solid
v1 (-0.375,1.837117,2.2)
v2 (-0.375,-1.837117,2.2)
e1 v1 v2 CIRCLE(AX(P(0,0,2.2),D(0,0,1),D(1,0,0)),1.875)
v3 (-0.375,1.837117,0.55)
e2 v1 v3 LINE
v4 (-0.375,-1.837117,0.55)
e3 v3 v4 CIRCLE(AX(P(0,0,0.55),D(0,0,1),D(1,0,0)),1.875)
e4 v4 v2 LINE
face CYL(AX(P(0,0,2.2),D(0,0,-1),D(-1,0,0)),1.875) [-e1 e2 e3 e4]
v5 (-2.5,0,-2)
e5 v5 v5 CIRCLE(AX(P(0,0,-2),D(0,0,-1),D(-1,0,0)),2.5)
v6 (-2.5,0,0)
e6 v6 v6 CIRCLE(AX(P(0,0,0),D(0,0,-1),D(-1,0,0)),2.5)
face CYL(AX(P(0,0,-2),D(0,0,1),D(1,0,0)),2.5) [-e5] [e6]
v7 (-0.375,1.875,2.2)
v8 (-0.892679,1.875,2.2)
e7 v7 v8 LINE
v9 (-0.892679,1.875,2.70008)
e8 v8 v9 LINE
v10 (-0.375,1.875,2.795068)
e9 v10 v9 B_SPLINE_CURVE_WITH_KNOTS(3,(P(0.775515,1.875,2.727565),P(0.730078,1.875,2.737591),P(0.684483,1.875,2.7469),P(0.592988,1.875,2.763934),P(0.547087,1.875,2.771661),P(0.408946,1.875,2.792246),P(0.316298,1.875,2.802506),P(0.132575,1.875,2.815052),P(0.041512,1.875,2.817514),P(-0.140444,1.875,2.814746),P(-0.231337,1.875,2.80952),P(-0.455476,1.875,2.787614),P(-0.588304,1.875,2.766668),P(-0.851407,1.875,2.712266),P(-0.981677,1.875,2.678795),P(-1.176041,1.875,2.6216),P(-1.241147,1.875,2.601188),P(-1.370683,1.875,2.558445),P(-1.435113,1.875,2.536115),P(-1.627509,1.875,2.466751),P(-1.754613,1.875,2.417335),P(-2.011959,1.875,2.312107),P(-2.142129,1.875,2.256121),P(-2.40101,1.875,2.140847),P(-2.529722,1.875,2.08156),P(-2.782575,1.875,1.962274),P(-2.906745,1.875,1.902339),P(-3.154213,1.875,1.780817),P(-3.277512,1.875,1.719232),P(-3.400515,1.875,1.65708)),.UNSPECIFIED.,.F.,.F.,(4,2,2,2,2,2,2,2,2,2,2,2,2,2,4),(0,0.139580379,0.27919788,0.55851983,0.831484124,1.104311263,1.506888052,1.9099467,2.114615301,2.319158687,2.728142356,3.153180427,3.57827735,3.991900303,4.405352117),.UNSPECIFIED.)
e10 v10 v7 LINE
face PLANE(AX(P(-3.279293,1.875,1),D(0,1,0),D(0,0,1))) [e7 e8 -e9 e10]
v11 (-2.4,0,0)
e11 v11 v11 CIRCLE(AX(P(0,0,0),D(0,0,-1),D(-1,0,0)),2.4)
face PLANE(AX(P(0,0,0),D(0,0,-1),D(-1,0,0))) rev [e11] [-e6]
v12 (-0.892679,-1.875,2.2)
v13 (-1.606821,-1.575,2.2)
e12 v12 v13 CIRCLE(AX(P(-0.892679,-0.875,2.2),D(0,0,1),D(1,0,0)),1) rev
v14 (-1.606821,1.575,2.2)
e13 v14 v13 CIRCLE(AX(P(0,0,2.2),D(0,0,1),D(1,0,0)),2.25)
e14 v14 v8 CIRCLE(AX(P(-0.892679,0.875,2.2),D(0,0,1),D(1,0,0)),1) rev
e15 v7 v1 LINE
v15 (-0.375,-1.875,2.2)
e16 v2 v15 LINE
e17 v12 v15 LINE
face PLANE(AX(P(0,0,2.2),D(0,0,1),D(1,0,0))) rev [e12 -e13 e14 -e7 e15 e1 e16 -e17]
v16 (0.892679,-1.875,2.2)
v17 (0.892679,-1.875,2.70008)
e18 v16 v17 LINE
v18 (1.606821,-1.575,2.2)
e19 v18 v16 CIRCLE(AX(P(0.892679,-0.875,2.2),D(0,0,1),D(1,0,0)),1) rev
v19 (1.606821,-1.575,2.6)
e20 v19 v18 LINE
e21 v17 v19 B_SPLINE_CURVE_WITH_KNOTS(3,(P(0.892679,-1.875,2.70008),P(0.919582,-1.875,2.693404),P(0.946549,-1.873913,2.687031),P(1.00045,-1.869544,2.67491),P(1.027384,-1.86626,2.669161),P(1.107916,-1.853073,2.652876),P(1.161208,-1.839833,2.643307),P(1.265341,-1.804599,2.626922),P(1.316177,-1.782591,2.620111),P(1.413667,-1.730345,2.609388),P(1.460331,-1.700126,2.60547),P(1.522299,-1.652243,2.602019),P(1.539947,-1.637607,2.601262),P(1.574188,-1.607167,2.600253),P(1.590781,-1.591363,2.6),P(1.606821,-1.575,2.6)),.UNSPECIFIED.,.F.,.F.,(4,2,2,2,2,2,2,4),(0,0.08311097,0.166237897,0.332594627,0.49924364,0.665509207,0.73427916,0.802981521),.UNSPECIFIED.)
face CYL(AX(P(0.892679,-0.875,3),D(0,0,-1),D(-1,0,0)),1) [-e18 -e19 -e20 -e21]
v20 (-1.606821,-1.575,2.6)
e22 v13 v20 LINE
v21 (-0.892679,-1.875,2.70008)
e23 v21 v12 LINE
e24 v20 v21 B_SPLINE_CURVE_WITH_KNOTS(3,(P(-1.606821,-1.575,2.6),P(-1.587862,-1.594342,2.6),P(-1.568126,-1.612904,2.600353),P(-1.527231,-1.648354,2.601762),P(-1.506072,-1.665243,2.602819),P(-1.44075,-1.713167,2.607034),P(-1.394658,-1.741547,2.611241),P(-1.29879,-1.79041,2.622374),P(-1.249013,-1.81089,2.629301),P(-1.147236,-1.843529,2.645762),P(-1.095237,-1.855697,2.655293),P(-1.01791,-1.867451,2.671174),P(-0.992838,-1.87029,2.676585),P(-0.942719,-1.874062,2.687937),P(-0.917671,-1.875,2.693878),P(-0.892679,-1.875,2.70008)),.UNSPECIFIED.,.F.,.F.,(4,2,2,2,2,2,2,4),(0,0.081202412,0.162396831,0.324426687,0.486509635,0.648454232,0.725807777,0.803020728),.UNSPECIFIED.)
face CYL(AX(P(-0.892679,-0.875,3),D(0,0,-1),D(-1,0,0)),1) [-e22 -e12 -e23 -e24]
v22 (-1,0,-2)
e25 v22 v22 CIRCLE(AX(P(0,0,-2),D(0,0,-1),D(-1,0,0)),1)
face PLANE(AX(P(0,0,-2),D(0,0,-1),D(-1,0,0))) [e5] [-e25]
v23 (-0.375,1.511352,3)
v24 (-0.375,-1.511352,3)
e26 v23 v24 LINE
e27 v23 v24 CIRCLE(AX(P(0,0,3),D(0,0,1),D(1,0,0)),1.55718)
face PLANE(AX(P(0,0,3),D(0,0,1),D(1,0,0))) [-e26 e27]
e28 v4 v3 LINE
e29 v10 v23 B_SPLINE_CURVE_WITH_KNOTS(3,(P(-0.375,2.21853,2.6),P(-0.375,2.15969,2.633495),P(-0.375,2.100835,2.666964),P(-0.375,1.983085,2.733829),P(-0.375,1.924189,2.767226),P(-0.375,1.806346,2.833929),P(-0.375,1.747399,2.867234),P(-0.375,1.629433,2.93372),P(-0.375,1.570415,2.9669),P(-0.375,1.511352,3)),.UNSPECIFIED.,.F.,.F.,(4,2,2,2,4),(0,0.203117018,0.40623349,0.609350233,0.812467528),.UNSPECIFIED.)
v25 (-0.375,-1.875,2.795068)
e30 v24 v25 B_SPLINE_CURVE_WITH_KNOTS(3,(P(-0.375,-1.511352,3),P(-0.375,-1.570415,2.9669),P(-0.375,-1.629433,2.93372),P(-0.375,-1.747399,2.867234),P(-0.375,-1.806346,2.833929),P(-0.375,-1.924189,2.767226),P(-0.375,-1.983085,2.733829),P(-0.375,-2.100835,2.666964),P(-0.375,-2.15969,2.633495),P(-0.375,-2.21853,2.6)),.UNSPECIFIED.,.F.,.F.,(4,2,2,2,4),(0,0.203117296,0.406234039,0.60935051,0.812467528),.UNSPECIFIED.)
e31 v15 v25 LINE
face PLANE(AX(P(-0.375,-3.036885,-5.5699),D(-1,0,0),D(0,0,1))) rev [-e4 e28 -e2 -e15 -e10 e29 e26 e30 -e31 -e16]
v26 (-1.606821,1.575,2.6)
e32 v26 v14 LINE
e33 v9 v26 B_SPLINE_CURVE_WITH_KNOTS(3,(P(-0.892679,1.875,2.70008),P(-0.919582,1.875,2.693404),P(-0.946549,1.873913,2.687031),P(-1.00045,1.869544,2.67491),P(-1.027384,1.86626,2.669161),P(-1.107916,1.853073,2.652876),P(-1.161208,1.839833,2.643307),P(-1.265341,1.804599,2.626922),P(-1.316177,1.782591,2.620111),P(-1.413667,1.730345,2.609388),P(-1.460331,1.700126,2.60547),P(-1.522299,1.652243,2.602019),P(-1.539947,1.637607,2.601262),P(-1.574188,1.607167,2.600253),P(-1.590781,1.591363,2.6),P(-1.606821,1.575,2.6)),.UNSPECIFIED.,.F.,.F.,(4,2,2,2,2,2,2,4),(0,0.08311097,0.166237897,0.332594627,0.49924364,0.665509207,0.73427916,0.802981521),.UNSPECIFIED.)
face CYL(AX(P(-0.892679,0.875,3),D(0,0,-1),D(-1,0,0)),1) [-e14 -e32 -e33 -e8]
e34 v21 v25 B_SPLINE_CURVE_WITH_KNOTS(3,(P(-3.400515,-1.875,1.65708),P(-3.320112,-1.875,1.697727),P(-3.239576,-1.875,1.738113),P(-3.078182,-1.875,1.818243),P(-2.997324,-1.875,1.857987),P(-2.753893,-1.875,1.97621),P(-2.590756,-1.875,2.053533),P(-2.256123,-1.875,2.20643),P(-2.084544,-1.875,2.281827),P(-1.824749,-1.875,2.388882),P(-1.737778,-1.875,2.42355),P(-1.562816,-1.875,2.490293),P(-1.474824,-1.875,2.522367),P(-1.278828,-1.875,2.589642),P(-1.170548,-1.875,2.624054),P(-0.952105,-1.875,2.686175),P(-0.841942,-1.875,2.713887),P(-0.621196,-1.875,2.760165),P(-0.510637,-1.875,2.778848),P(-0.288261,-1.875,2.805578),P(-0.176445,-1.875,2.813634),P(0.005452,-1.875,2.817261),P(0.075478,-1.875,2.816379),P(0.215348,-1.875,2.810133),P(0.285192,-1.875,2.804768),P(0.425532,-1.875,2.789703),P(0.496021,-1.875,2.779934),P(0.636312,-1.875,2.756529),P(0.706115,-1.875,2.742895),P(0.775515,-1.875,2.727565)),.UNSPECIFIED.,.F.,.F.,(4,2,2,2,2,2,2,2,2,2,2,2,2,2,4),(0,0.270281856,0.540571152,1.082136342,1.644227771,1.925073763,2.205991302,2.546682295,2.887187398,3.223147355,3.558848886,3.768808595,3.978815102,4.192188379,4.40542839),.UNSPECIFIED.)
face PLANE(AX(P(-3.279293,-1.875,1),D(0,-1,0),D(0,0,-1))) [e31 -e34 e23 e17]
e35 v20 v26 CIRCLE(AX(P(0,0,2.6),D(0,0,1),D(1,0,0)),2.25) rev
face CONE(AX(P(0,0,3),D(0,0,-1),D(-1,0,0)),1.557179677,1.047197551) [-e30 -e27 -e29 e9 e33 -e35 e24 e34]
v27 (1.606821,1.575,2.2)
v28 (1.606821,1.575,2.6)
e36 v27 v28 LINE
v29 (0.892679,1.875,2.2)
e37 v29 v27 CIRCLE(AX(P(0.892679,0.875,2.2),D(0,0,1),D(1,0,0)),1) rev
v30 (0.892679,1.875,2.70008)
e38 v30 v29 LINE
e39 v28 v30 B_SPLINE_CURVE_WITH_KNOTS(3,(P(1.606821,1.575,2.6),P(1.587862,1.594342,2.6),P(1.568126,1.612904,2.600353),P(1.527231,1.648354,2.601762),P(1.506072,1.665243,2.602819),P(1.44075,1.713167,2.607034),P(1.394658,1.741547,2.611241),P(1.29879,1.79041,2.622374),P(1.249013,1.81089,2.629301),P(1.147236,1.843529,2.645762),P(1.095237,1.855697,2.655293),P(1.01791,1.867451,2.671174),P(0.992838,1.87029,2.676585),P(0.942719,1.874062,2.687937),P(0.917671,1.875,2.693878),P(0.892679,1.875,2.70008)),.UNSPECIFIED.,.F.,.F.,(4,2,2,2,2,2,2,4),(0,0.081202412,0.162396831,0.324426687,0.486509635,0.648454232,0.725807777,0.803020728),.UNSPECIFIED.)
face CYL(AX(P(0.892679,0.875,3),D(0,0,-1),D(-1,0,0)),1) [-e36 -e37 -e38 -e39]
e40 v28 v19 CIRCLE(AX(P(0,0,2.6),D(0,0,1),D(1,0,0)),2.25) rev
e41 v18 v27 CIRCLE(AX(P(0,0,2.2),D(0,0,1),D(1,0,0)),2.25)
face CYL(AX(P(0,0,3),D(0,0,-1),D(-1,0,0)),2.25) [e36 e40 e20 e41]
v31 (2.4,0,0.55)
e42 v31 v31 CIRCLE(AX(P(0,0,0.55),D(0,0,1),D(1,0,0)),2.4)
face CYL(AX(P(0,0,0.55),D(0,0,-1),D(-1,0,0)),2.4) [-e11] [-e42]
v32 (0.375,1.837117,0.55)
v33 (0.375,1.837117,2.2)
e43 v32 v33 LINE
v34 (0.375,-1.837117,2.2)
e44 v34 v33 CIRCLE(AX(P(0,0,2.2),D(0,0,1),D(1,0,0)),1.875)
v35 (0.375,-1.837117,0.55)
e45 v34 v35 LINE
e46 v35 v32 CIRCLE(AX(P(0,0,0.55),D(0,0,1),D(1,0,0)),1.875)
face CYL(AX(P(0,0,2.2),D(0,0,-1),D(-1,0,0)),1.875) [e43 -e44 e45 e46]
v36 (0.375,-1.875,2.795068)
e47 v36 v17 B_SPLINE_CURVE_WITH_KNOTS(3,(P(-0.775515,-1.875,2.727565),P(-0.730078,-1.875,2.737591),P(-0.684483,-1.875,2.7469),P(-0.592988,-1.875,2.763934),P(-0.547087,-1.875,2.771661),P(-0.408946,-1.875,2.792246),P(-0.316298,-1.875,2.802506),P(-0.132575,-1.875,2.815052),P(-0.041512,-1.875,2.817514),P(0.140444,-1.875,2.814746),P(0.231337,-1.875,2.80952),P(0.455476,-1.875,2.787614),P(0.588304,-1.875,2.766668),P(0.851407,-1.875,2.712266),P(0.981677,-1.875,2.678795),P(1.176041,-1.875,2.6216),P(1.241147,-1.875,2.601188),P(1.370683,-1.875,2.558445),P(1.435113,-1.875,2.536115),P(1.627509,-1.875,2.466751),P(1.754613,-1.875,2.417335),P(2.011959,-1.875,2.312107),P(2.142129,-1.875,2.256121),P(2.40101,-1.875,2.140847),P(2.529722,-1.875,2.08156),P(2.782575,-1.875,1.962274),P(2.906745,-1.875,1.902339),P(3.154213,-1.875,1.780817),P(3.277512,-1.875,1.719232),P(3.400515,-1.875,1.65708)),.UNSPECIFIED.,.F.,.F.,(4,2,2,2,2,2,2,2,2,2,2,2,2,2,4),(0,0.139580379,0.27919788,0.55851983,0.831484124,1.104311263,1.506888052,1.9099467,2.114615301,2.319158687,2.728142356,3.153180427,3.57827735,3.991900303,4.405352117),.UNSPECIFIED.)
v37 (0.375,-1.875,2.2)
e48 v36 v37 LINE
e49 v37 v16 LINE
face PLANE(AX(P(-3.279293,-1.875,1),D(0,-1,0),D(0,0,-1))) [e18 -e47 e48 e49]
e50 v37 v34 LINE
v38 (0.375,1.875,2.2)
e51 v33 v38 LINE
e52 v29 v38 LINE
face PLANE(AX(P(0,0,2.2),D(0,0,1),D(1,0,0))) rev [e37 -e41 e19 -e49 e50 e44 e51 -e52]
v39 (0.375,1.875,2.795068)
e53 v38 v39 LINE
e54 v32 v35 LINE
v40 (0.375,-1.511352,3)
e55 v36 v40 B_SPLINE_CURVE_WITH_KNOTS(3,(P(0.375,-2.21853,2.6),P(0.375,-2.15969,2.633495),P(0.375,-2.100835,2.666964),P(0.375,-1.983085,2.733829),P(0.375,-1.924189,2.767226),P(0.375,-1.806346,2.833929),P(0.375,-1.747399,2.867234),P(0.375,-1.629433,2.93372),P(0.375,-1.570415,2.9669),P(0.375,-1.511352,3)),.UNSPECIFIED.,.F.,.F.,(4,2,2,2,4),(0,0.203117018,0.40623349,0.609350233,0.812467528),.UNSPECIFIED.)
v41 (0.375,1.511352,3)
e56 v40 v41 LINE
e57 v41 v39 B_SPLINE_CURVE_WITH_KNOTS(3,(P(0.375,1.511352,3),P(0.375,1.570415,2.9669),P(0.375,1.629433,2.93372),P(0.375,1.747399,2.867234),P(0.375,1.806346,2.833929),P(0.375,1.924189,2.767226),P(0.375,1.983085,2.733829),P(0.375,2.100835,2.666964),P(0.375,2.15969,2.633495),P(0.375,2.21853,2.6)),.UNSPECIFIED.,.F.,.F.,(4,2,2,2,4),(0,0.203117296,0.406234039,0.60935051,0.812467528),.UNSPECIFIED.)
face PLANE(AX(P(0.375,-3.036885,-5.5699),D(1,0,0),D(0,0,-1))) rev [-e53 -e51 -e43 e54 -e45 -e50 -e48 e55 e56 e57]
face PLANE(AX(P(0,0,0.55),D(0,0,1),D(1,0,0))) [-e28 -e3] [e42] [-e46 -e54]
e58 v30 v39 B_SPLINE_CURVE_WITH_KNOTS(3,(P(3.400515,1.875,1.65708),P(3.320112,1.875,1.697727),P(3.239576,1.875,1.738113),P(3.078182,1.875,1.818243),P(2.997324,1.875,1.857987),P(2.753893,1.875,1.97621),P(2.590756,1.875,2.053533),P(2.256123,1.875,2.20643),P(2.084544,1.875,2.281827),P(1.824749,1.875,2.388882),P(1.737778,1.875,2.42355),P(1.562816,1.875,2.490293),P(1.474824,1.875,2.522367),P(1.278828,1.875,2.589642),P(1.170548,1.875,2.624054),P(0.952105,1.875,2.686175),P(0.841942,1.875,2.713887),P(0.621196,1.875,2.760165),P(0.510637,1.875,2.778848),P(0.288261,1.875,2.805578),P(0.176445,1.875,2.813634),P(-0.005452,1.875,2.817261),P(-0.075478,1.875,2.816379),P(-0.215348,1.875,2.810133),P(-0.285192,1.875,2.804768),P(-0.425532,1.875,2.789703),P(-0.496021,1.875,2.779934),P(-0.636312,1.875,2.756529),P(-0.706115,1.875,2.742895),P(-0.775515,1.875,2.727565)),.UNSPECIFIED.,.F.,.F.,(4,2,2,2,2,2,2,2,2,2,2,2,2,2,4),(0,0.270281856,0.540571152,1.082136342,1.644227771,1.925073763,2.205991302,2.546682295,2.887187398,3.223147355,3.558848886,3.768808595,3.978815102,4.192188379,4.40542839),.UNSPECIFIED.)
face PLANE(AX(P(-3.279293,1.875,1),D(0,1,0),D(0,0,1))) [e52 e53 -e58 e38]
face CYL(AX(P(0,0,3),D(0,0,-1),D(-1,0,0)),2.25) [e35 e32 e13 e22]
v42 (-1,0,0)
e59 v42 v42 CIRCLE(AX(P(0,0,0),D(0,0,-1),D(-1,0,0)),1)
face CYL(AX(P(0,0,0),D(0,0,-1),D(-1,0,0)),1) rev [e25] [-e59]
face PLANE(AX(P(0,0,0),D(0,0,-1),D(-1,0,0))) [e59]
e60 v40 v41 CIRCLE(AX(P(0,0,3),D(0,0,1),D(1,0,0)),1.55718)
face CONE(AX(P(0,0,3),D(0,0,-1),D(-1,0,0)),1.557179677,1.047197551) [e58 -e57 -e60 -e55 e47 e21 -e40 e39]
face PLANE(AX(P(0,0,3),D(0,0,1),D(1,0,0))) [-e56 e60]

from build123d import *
from OCP.BRepFilletAPI import BRepFilletAPI_MakeChamfer

# Parameters (mm, degrees)
SKETCH1_R           = 2.4
BOSS_EXTRUDE1_DEPTH = 0.55
SKETCH2_R           = 1.875
BOSS_EXTRUDE2_DEPTH = 1.65
SKETCH3_R           = 2.5
BOSS_EXTRUDE3_DEPTH = 2
SKETCH4_R           = 2.25
BOSS_EXTRUDE4_DEPTH = 0.8
CUT_EXTRUDE1_REACH  = 8.124
SKETCH5_W           = 0.75
SKETCH5_H           = 6.07376998
CHAMFER1_SIZE       = 0.4
CHAMFER1_SIZE2      = 0.692820323
SKETCH6_W           = 6.999273813
SKETCH6_H           = 5.334981493
SKETCH6_W_2         = 6.558585844
SKETCH6_H_2         = 3.75
CUT_EXTRUDE3_DEPTH  = 2
FILLET2_R           = 1
SKETCH7_R           = 1
CUT_EXTRUDE4_DEPTH  = 2


with BuildPart() as part:
    # Sketch1 → Boss-Extrude1 (new body)
    with BuildSketch(Plane.XY):
        Circle(SKETCH1_R)
    extrude(amount=BOSS_EXTRUDE1_DEPTH)

    # Sketch2 → Boss-Extrude2 (add)
    with BuildSketch(Plane.XY.offset(0.55)):
        Circle(SKETCH2_R)
    extrude(amount=BOSS_EXTRUDE2_DEPTH)

    # Sketch3 → Boss-Extrude3 (add)
    with BuildSketch(Plane(origin=(0, 0, 0), x_dir=(-1, 0, 0), z_dir=(0, 0, -1))):
        Circle(SKETCH3_R)
    extrude(amount=BOSS_EXTRUDE3_DEPTH)

    # Sketch4 → Boss-Extrude4 (add)
    with BuildSketch(Plane.XY.offset(2.2)):
        Circle(SKETCH4_R)
    extrude(amount=BOSS_EXTRUDE4_DEPTH)

    # Cut-Extrude1: up to this face of the body (flat: up to its plane)
    cut_extrude1_end = Plane(part.part.faces().sort_by_distance((-2.332117749, 0, 0.55))[0])
    # Sketch5 → Cut-Extrude1 (cut, up to the picked face)
    with BuildSketch(Plane.XY.offset(3), mode=Mode.PRIVATE) as cut_extrude1_sk1:
        Rectangle(SKETCH5_W, SKETCH5_H)
    cut_extrude1_tool1 = split(extrude(cut_extrude1_sk1.sketch, amount=-CUT_EXTRUDE1_REACH, mode=Mode.PRIVATE), bisect_by=cut_extrude1_end, keep=Keep.BOTH, mode=Mode.PRIVATE)
    add(cut_extrude1_tool1.solids().sort_by(Axis((0, 0, 3), (0, 0, -1)))[0], mode=Mode.SUBTRACT)

    # Chamfer1: one chamfer whose edges measure the first distance from different faces: ONE call of the kernel's chamfer builder (chamfer() names one face for all edges)
    chamfer1_edges_1 = [part.edges().sort_by_distance(p)[0] for p in [
        (-2.25, 0, 3),
    ]]
    chamfer1_side_1 = [part.faces().sort_by_distance(p)[0] for p in [
        (-2.25, 0, 2.6),
    ]]
    chamfer1_edges_2 = [part.edges().sort_by_distance(p)[0] for p in [
        (2.25, 0, 3),
    ]]
    chamfer1_side_2 = [part.faces().sort_by_distance(p)[0] for p in [
        (2.25, 0, 2.6),
    ]]
    chamfer1 = BRepFilletAPI_MakeChamfer(part.part.solid().wrapped)
    for e in chamfer1_edges_1:
        chamfer1.Add(CHAMFER1_SIZE, CHAMFER1_SIZE2, e.wrapped, chamfer1_side_1[0].wrapped)  # the first distance lies on this face
    for e in chamfer1_edges_2:
        chamfer1.Add(CHAMFER1_SIZE, CHAMFER1_SIZE2, e.wrapped, chamfer1_side_2[0].wrapped)  # the first distance lies on this face
    add(Compound.cast(chamfer1.Shape()), mode=Mode.REPLACE)

    # Sketch6 → Cut-Extrude3 (cut)
    with BuildSketch(Plane.XY.offset(3)):
        with Locations((0.047792, -0.043471688)):
            Rectangle(SKETCH6_W, SKETCH6_H)
        Rectangle(SKETCH6_W_2, SKETCH6_H_2, mode=Mode.SUBTRACT)
    extrude(amount=-CUT_EXTRUDE3_DEPTH, mode=Mode.SUBTRACT)

    # Fillet2
    fillet2_edges = [part.edges().sort_by_distance(p)[0] for p in [
        (-1.243734296, 1.875, 2.4),
        (1.243734296, 1.875, 2.4),
        (-1.243734296, -1.875, 2.4),
        (1.243734296, -1.875, 2.4),
    ]]
    fillet(fillet2_edges, radius=FILLET2_R)

    # Sketch7 → Cut-Extrude4 (cut)
    with BuildSketch(Plane(origin=(0, 0, -2), x_dir=(-1, 0, 0), z_dir=(0, 0, -1))):
        Circle(SKETCH7_R)
    extrude(amount=-CUT_EXTRUDE4_DEPTH, mode=Mode.SUBTRACT)


solid = part.part
